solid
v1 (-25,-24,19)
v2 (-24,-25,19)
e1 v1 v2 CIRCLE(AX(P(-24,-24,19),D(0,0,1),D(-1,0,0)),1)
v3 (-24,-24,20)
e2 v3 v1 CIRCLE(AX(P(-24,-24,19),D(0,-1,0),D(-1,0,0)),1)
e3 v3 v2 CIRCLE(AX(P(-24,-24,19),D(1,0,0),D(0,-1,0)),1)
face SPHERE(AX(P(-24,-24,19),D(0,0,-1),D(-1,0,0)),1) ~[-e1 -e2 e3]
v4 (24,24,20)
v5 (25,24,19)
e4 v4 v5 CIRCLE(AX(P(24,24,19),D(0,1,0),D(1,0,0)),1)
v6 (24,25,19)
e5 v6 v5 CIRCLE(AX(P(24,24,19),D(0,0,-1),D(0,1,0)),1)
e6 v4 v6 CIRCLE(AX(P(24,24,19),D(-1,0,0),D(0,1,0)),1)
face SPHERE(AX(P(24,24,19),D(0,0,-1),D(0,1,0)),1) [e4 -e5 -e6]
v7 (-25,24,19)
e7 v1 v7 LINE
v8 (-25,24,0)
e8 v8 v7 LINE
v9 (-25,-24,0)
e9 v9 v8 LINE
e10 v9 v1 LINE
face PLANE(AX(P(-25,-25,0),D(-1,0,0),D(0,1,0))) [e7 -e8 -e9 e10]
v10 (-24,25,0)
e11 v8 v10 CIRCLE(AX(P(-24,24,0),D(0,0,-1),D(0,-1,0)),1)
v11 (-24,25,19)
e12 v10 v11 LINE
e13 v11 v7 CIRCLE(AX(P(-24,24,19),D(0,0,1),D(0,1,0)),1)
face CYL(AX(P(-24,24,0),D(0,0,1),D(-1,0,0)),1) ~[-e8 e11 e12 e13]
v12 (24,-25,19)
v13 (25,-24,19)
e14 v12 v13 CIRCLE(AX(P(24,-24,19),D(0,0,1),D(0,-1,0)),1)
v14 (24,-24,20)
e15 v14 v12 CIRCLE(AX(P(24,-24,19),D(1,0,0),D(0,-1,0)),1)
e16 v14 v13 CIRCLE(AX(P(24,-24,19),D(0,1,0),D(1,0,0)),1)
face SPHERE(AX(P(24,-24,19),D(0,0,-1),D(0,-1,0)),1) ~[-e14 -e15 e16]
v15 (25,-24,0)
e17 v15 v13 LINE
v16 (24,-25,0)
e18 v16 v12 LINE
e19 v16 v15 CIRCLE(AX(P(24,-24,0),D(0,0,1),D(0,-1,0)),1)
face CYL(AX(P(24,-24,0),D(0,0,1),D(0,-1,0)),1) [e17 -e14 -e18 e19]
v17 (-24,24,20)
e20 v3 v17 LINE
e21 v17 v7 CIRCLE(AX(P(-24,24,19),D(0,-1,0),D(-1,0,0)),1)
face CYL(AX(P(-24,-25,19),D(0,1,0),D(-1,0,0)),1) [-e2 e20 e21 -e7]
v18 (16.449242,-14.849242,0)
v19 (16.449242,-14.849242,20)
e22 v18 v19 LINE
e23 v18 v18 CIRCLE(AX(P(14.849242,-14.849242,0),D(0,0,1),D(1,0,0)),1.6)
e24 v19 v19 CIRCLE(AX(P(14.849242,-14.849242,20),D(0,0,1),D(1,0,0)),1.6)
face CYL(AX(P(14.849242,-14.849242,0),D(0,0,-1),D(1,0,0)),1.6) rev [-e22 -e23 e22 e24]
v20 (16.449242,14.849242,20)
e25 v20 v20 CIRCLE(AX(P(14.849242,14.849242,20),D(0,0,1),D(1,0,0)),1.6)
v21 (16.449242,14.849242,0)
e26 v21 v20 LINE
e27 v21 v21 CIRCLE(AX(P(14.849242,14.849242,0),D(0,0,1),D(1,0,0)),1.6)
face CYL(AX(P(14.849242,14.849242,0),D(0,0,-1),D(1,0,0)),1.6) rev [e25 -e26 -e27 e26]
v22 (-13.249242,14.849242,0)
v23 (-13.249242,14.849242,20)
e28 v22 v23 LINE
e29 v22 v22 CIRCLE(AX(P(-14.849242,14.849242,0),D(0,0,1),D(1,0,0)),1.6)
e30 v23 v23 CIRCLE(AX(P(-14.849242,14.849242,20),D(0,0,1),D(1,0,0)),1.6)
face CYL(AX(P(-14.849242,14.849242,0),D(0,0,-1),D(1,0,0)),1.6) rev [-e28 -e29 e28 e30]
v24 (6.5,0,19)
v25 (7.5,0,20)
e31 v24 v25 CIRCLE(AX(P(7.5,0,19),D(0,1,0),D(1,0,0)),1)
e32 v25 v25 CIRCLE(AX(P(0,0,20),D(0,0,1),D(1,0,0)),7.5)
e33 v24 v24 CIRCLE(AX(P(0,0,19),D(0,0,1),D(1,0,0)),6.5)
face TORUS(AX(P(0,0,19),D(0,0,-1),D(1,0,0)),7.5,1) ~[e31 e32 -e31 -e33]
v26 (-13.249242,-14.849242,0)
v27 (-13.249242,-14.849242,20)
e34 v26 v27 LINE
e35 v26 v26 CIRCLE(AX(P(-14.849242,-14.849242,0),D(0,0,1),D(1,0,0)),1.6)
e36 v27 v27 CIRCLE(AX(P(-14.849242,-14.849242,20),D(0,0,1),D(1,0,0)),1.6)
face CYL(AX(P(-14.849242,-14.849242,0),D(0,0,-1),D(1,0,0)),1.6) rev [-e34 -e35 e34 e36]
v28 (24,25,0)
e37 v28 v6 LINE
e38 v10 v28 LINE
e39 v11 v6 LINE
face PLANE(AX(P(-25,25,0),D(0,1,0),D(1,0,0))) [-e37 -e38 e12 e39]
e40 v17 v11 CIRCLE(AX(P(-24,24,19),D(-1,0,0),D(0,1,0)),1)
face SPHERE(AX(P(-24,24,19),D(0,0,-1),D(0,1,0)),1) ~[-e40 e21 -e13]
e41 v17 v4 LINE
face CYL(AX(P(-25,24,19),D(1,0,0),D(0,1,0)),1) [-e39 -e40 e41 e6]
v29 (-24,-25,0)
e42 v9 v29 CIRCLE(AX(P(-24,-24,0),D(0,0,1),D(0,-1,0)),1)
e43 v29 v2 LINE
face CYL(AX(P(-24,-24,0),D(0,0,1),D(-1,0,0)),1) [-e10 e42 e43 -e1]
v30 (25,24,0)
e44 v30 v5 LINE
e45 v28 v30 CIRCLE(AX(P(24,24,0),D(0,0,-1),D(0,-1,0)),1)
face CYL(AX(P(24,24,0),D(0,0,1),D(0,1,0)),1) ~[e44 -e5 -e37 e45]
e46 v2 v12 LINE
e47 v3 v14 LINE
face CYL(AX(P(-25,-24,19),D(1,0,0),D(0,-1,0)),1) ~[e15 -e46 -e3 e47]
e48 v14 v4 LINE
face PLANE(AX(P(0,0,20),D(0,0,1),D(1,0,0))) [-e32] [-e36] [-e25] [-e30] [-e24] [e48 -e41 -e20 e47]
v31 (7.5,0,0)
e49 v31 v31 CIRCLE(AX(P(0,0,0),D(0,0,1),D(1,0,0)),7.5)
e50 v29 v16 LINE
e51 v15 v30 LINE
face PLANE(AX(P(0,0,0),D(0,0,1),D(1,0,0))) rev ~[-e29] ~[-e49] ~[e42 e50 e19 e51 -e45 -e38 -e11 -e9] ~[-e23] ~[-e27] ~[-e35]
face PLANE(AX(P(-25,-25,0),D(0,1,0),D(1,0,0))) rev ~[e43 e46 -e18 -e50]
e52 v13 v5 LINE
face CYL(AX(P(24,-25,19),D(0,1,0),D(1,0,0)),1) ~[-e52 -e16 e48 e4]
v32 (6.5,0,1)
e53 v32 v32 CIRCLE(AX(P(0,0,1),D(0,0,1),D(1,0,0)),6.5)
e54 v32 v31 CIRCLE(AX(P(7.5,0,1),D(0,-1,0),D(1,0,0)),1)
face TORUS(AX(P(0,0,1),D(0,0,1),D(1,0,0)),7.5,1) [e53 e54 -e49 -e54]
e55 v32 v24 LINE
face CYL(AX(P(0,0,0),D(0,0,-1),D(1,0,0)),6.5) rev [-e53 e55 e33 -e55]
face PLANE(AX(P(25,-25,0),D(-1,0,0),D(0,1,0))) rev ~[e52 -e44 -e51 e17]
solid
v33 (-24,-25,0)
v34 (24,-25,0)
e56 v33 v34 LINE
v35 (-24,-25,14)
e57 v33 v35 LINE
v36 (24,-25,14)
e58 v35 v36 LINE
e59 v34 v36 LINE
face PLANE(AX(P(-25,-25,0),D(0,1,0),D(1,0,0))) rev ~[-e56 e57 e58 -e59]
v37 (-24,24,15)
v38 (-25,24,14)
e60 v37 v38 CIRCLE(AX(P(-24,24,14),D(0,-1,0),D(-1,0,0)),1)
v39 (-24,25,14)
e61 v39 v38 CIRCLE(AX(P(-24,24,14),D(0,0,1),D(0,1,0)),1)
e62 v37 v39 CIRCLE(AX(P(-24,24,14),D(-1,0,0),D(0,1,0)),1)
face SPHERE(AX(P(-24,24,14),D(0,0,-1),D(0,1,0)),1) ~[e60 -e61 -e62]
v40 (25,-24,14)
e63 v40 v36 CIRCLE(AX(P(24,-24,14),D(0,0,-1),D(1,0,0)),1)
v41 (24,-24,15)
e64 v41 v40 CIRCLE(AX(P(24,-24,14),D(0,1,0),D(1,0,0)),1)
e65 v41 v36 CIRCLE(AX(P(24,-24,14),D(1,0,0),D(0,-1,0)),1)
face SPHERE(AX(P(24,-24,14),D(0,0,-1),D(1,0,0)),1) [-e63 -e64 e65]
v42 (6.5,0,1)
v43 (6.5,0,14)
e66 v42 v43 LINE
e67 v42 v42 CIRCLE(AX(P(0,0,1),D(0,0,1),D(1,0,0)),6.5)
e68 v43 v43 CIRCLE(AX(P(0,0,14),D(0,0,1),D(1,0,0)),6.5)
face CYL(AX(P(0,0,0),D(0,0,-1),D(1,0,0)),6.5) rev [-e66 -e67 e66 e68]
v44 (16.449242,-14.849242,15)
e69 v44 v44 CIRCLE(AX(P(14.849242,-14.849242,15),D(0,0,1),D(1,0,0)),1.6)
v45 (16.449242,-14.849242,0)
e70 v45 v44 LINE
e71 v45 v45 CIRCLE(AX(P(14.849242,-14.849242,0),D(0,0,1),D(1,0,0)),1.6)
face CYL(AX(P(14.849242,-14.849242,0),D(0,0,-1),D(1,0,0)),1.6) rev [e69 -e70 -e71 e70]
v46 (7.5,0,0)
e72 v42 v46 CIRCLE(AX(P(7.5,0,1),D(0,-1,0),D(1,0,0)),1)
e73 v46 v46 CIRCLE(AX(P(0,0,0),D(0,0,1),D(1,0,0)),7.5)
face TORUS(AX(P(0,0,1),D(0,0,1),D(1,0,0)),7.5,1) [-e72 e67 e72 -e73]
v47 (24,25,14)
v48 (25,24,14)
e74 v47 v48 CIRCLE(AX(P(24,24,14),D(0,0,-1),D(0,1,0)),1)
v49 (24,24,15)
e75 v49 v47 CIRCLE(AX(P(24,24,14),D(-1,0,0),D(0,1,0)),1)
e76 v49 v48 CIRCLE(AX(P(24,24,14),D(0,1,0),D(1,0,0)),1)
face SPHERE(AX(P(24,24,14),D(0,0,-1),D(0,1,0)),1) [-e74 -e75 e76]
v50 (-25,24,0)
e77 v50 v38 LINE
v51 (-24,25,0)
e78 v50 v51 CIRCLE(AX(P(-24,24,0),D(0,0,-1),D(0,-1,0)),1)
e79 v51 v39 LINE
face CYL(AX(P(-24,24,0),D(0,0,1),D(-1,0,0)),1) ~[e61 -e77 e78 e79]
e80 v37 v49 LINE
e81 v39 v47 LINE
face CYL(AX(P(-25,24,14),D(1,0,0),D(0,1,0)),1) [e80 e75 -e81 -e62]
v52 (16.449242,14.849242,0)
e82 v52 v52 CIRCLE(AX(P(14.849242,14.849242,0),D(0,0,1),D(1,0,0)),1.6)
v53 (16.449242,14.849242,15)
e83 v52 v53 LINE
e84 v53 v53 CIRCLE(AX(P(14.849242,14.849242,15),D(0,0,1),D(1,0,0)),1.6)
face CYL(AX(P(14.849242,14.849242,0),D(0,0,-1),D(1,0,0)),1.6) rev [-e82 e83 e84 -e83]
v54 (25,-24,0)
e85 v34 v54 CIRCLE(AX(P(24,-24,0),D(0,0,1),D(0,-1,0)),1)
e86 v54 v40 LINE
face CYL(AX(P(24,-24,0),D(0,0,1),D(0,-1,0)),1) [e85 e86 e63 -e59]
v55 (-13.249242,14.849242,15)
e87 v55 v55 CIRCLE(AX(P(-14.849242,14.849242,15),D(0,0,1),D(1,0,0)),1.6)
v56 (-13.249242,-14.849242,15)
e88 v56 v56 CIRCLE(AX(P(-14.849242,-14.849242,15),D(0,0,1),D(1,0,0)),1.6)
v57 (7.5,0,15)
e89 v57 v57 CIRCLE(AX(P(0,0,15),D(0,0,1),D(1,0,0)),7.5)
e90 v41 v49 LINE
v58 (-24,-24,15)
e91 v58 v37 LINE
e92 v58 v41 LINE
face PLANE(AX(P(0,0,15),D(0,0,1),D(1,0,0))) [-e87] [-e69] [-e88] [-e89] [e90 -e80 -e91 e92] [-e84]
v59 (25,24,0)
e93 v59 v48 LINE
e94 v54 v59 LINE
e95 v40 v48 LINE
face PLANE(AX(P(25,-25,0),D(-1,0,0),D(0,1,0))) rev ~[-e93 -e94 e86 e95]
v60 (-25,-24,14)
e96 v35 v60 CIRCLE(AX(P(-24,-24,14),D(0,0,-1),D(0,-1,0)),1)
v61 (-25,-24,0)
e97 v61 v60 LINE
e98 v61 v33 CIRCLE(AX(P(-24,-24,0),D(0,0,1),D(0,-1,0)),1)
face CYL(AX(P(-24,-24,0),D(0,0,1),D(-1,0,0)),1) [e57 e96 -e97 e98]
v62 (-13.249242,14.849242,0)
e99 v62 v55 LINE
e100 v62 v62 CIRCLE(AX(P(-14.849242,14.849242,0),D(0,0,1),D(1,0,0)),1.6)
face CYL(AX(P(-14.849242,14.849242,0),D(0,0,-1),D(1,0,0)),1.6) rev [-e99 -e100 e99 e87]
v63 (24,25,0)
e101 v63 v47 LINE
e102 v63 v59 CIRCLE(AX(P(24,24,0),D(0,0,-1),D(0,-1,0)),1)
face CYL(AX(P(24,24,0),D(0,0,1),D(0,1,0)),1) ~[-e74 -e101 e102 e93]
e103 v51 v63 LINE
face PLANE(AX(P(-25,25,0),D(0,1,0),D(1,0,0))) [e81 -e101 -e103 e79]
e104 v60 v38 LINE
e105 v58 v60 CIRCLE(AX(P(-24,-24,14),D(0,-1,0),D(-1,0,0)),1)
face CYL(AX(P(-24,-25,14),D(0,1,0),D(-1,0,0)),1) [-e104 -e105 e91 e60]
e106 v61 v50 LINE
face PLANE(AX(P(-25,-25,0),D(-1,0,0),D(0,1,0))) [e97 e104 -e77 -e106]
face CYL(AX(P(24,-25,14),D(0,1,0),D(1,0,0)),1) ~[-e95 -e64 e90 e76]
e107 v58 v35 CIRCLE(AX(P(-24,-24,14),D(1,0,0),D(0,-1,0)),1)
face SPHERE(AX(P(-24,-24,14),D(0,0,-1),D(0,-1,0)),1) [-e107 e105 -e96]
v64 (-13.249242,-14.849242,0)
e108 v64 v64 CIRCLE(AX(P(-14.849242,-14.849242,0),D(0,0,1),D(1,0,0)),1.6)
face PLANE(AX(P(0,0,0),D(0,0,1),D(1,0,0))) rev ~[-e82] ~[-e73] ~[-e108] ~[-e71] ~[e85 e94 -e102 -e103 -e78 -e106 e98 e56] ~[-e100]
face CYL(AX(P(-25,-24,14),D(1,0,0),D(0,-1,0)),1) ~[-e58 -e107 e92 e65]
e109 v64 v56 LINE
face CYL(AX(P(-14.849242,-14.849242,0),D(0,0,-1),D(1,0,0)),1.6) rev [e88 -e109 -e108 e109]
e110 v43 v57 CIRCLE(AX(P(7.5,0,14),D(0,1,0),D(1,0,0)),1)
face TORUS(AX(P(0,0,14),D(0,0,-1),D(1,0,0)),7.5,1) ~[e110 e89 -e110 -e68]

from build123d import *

# Parameters (mm, degrees)
F0_W     = 50
F0_H     = 50
F0_R     = 1.6
F0_R_2   = 6.5
F1_DEPTH = 15
F2_R     = 1
F3_DEPTH = 20
F4_R     = 1


with BuildPart() as f1:
    # F0 (on Top) → F1 (new body)
    with BuildSketch(Plane.XY):
        Rectangle(F0_W, F0_H)
        with Locations((-14.849242, -14.849242)):
            Circle(F0_R, mode=Mode.SUBTRACT)
        with Locations((14.849242, -14.849242)):
            Circle(F0_R, mode=Mode.SUBTRACT)
        with Locations((-14.849242, 14.849242)):
            Circle(F0_R, mode=Mode.SUBTRACT)
        Circle(F0_R_2, mode=Mode.SUBTRACT)
        with Locations((14.849242, 14.849242)):
            Circle(F0_R, mode=Mode.SUBTRACT)
    extrude(amount=F1_DEPTH)

    # F2
    f2_edges = [f1.edges().sort_by_distance(p)[0] for p in [
        (-25, -25, 7.5),
        (25, -25, 7.5),
        (25, 25, 7.5),
        (-25, 25, 7.5),
        (0, 25, 15),
        (25, 0, 15),
        (0, -25, 15),
        (-25, 0, 15),
        (-6.5, 0, 15),
        (-6.5, 0, 0),
    ]]
    fillet(f2_edges, radius=F2_R)


with BuildPart() as f3:
    # F0 (on Top) → F3 (new body)
    with BuildSketch(Plane.XY):
        Rectangle(F0_W, F0_H)
        with Locations((-14.849242, -14.849242)):
            Circle(F0_R, mode=Mode.SUBTRACT)
        with Locations((14.849242, -14.849242)):
            Circle(F0_R, mode=Mode.SUBTRACT)
        with Locations((-14.849242, 14.849242)):
            Circle(F0_R, mode=Mode.SUBTRACT)
        Circle(F0_R_2, mode=Mode.SUBTRACT)
        with Locations((14.849242, 14.849242)):
            Circle(F0_R, mode=Mode.SUBTRACT)
    extrude(amount=F3_DEPTH)

    # F4
    f4_edges = [f3.edges().sort_by_distance(p)[0] for p in [
        (-25, -25, 10),
        (25, -25, 10),
        (25, 25, 10),
        (-25, 25, 10),
        (0, 25, 20),
        (-25, 0, 20),
        (0, -25, 20),
        (25, 0, 20),
        (-6.5, 0, 20),
        (-6.5, 0, 0),
    ]]
    fillet(f4_edges, radius=F4_R)


solid = Compound([f1.part, f3.part])
